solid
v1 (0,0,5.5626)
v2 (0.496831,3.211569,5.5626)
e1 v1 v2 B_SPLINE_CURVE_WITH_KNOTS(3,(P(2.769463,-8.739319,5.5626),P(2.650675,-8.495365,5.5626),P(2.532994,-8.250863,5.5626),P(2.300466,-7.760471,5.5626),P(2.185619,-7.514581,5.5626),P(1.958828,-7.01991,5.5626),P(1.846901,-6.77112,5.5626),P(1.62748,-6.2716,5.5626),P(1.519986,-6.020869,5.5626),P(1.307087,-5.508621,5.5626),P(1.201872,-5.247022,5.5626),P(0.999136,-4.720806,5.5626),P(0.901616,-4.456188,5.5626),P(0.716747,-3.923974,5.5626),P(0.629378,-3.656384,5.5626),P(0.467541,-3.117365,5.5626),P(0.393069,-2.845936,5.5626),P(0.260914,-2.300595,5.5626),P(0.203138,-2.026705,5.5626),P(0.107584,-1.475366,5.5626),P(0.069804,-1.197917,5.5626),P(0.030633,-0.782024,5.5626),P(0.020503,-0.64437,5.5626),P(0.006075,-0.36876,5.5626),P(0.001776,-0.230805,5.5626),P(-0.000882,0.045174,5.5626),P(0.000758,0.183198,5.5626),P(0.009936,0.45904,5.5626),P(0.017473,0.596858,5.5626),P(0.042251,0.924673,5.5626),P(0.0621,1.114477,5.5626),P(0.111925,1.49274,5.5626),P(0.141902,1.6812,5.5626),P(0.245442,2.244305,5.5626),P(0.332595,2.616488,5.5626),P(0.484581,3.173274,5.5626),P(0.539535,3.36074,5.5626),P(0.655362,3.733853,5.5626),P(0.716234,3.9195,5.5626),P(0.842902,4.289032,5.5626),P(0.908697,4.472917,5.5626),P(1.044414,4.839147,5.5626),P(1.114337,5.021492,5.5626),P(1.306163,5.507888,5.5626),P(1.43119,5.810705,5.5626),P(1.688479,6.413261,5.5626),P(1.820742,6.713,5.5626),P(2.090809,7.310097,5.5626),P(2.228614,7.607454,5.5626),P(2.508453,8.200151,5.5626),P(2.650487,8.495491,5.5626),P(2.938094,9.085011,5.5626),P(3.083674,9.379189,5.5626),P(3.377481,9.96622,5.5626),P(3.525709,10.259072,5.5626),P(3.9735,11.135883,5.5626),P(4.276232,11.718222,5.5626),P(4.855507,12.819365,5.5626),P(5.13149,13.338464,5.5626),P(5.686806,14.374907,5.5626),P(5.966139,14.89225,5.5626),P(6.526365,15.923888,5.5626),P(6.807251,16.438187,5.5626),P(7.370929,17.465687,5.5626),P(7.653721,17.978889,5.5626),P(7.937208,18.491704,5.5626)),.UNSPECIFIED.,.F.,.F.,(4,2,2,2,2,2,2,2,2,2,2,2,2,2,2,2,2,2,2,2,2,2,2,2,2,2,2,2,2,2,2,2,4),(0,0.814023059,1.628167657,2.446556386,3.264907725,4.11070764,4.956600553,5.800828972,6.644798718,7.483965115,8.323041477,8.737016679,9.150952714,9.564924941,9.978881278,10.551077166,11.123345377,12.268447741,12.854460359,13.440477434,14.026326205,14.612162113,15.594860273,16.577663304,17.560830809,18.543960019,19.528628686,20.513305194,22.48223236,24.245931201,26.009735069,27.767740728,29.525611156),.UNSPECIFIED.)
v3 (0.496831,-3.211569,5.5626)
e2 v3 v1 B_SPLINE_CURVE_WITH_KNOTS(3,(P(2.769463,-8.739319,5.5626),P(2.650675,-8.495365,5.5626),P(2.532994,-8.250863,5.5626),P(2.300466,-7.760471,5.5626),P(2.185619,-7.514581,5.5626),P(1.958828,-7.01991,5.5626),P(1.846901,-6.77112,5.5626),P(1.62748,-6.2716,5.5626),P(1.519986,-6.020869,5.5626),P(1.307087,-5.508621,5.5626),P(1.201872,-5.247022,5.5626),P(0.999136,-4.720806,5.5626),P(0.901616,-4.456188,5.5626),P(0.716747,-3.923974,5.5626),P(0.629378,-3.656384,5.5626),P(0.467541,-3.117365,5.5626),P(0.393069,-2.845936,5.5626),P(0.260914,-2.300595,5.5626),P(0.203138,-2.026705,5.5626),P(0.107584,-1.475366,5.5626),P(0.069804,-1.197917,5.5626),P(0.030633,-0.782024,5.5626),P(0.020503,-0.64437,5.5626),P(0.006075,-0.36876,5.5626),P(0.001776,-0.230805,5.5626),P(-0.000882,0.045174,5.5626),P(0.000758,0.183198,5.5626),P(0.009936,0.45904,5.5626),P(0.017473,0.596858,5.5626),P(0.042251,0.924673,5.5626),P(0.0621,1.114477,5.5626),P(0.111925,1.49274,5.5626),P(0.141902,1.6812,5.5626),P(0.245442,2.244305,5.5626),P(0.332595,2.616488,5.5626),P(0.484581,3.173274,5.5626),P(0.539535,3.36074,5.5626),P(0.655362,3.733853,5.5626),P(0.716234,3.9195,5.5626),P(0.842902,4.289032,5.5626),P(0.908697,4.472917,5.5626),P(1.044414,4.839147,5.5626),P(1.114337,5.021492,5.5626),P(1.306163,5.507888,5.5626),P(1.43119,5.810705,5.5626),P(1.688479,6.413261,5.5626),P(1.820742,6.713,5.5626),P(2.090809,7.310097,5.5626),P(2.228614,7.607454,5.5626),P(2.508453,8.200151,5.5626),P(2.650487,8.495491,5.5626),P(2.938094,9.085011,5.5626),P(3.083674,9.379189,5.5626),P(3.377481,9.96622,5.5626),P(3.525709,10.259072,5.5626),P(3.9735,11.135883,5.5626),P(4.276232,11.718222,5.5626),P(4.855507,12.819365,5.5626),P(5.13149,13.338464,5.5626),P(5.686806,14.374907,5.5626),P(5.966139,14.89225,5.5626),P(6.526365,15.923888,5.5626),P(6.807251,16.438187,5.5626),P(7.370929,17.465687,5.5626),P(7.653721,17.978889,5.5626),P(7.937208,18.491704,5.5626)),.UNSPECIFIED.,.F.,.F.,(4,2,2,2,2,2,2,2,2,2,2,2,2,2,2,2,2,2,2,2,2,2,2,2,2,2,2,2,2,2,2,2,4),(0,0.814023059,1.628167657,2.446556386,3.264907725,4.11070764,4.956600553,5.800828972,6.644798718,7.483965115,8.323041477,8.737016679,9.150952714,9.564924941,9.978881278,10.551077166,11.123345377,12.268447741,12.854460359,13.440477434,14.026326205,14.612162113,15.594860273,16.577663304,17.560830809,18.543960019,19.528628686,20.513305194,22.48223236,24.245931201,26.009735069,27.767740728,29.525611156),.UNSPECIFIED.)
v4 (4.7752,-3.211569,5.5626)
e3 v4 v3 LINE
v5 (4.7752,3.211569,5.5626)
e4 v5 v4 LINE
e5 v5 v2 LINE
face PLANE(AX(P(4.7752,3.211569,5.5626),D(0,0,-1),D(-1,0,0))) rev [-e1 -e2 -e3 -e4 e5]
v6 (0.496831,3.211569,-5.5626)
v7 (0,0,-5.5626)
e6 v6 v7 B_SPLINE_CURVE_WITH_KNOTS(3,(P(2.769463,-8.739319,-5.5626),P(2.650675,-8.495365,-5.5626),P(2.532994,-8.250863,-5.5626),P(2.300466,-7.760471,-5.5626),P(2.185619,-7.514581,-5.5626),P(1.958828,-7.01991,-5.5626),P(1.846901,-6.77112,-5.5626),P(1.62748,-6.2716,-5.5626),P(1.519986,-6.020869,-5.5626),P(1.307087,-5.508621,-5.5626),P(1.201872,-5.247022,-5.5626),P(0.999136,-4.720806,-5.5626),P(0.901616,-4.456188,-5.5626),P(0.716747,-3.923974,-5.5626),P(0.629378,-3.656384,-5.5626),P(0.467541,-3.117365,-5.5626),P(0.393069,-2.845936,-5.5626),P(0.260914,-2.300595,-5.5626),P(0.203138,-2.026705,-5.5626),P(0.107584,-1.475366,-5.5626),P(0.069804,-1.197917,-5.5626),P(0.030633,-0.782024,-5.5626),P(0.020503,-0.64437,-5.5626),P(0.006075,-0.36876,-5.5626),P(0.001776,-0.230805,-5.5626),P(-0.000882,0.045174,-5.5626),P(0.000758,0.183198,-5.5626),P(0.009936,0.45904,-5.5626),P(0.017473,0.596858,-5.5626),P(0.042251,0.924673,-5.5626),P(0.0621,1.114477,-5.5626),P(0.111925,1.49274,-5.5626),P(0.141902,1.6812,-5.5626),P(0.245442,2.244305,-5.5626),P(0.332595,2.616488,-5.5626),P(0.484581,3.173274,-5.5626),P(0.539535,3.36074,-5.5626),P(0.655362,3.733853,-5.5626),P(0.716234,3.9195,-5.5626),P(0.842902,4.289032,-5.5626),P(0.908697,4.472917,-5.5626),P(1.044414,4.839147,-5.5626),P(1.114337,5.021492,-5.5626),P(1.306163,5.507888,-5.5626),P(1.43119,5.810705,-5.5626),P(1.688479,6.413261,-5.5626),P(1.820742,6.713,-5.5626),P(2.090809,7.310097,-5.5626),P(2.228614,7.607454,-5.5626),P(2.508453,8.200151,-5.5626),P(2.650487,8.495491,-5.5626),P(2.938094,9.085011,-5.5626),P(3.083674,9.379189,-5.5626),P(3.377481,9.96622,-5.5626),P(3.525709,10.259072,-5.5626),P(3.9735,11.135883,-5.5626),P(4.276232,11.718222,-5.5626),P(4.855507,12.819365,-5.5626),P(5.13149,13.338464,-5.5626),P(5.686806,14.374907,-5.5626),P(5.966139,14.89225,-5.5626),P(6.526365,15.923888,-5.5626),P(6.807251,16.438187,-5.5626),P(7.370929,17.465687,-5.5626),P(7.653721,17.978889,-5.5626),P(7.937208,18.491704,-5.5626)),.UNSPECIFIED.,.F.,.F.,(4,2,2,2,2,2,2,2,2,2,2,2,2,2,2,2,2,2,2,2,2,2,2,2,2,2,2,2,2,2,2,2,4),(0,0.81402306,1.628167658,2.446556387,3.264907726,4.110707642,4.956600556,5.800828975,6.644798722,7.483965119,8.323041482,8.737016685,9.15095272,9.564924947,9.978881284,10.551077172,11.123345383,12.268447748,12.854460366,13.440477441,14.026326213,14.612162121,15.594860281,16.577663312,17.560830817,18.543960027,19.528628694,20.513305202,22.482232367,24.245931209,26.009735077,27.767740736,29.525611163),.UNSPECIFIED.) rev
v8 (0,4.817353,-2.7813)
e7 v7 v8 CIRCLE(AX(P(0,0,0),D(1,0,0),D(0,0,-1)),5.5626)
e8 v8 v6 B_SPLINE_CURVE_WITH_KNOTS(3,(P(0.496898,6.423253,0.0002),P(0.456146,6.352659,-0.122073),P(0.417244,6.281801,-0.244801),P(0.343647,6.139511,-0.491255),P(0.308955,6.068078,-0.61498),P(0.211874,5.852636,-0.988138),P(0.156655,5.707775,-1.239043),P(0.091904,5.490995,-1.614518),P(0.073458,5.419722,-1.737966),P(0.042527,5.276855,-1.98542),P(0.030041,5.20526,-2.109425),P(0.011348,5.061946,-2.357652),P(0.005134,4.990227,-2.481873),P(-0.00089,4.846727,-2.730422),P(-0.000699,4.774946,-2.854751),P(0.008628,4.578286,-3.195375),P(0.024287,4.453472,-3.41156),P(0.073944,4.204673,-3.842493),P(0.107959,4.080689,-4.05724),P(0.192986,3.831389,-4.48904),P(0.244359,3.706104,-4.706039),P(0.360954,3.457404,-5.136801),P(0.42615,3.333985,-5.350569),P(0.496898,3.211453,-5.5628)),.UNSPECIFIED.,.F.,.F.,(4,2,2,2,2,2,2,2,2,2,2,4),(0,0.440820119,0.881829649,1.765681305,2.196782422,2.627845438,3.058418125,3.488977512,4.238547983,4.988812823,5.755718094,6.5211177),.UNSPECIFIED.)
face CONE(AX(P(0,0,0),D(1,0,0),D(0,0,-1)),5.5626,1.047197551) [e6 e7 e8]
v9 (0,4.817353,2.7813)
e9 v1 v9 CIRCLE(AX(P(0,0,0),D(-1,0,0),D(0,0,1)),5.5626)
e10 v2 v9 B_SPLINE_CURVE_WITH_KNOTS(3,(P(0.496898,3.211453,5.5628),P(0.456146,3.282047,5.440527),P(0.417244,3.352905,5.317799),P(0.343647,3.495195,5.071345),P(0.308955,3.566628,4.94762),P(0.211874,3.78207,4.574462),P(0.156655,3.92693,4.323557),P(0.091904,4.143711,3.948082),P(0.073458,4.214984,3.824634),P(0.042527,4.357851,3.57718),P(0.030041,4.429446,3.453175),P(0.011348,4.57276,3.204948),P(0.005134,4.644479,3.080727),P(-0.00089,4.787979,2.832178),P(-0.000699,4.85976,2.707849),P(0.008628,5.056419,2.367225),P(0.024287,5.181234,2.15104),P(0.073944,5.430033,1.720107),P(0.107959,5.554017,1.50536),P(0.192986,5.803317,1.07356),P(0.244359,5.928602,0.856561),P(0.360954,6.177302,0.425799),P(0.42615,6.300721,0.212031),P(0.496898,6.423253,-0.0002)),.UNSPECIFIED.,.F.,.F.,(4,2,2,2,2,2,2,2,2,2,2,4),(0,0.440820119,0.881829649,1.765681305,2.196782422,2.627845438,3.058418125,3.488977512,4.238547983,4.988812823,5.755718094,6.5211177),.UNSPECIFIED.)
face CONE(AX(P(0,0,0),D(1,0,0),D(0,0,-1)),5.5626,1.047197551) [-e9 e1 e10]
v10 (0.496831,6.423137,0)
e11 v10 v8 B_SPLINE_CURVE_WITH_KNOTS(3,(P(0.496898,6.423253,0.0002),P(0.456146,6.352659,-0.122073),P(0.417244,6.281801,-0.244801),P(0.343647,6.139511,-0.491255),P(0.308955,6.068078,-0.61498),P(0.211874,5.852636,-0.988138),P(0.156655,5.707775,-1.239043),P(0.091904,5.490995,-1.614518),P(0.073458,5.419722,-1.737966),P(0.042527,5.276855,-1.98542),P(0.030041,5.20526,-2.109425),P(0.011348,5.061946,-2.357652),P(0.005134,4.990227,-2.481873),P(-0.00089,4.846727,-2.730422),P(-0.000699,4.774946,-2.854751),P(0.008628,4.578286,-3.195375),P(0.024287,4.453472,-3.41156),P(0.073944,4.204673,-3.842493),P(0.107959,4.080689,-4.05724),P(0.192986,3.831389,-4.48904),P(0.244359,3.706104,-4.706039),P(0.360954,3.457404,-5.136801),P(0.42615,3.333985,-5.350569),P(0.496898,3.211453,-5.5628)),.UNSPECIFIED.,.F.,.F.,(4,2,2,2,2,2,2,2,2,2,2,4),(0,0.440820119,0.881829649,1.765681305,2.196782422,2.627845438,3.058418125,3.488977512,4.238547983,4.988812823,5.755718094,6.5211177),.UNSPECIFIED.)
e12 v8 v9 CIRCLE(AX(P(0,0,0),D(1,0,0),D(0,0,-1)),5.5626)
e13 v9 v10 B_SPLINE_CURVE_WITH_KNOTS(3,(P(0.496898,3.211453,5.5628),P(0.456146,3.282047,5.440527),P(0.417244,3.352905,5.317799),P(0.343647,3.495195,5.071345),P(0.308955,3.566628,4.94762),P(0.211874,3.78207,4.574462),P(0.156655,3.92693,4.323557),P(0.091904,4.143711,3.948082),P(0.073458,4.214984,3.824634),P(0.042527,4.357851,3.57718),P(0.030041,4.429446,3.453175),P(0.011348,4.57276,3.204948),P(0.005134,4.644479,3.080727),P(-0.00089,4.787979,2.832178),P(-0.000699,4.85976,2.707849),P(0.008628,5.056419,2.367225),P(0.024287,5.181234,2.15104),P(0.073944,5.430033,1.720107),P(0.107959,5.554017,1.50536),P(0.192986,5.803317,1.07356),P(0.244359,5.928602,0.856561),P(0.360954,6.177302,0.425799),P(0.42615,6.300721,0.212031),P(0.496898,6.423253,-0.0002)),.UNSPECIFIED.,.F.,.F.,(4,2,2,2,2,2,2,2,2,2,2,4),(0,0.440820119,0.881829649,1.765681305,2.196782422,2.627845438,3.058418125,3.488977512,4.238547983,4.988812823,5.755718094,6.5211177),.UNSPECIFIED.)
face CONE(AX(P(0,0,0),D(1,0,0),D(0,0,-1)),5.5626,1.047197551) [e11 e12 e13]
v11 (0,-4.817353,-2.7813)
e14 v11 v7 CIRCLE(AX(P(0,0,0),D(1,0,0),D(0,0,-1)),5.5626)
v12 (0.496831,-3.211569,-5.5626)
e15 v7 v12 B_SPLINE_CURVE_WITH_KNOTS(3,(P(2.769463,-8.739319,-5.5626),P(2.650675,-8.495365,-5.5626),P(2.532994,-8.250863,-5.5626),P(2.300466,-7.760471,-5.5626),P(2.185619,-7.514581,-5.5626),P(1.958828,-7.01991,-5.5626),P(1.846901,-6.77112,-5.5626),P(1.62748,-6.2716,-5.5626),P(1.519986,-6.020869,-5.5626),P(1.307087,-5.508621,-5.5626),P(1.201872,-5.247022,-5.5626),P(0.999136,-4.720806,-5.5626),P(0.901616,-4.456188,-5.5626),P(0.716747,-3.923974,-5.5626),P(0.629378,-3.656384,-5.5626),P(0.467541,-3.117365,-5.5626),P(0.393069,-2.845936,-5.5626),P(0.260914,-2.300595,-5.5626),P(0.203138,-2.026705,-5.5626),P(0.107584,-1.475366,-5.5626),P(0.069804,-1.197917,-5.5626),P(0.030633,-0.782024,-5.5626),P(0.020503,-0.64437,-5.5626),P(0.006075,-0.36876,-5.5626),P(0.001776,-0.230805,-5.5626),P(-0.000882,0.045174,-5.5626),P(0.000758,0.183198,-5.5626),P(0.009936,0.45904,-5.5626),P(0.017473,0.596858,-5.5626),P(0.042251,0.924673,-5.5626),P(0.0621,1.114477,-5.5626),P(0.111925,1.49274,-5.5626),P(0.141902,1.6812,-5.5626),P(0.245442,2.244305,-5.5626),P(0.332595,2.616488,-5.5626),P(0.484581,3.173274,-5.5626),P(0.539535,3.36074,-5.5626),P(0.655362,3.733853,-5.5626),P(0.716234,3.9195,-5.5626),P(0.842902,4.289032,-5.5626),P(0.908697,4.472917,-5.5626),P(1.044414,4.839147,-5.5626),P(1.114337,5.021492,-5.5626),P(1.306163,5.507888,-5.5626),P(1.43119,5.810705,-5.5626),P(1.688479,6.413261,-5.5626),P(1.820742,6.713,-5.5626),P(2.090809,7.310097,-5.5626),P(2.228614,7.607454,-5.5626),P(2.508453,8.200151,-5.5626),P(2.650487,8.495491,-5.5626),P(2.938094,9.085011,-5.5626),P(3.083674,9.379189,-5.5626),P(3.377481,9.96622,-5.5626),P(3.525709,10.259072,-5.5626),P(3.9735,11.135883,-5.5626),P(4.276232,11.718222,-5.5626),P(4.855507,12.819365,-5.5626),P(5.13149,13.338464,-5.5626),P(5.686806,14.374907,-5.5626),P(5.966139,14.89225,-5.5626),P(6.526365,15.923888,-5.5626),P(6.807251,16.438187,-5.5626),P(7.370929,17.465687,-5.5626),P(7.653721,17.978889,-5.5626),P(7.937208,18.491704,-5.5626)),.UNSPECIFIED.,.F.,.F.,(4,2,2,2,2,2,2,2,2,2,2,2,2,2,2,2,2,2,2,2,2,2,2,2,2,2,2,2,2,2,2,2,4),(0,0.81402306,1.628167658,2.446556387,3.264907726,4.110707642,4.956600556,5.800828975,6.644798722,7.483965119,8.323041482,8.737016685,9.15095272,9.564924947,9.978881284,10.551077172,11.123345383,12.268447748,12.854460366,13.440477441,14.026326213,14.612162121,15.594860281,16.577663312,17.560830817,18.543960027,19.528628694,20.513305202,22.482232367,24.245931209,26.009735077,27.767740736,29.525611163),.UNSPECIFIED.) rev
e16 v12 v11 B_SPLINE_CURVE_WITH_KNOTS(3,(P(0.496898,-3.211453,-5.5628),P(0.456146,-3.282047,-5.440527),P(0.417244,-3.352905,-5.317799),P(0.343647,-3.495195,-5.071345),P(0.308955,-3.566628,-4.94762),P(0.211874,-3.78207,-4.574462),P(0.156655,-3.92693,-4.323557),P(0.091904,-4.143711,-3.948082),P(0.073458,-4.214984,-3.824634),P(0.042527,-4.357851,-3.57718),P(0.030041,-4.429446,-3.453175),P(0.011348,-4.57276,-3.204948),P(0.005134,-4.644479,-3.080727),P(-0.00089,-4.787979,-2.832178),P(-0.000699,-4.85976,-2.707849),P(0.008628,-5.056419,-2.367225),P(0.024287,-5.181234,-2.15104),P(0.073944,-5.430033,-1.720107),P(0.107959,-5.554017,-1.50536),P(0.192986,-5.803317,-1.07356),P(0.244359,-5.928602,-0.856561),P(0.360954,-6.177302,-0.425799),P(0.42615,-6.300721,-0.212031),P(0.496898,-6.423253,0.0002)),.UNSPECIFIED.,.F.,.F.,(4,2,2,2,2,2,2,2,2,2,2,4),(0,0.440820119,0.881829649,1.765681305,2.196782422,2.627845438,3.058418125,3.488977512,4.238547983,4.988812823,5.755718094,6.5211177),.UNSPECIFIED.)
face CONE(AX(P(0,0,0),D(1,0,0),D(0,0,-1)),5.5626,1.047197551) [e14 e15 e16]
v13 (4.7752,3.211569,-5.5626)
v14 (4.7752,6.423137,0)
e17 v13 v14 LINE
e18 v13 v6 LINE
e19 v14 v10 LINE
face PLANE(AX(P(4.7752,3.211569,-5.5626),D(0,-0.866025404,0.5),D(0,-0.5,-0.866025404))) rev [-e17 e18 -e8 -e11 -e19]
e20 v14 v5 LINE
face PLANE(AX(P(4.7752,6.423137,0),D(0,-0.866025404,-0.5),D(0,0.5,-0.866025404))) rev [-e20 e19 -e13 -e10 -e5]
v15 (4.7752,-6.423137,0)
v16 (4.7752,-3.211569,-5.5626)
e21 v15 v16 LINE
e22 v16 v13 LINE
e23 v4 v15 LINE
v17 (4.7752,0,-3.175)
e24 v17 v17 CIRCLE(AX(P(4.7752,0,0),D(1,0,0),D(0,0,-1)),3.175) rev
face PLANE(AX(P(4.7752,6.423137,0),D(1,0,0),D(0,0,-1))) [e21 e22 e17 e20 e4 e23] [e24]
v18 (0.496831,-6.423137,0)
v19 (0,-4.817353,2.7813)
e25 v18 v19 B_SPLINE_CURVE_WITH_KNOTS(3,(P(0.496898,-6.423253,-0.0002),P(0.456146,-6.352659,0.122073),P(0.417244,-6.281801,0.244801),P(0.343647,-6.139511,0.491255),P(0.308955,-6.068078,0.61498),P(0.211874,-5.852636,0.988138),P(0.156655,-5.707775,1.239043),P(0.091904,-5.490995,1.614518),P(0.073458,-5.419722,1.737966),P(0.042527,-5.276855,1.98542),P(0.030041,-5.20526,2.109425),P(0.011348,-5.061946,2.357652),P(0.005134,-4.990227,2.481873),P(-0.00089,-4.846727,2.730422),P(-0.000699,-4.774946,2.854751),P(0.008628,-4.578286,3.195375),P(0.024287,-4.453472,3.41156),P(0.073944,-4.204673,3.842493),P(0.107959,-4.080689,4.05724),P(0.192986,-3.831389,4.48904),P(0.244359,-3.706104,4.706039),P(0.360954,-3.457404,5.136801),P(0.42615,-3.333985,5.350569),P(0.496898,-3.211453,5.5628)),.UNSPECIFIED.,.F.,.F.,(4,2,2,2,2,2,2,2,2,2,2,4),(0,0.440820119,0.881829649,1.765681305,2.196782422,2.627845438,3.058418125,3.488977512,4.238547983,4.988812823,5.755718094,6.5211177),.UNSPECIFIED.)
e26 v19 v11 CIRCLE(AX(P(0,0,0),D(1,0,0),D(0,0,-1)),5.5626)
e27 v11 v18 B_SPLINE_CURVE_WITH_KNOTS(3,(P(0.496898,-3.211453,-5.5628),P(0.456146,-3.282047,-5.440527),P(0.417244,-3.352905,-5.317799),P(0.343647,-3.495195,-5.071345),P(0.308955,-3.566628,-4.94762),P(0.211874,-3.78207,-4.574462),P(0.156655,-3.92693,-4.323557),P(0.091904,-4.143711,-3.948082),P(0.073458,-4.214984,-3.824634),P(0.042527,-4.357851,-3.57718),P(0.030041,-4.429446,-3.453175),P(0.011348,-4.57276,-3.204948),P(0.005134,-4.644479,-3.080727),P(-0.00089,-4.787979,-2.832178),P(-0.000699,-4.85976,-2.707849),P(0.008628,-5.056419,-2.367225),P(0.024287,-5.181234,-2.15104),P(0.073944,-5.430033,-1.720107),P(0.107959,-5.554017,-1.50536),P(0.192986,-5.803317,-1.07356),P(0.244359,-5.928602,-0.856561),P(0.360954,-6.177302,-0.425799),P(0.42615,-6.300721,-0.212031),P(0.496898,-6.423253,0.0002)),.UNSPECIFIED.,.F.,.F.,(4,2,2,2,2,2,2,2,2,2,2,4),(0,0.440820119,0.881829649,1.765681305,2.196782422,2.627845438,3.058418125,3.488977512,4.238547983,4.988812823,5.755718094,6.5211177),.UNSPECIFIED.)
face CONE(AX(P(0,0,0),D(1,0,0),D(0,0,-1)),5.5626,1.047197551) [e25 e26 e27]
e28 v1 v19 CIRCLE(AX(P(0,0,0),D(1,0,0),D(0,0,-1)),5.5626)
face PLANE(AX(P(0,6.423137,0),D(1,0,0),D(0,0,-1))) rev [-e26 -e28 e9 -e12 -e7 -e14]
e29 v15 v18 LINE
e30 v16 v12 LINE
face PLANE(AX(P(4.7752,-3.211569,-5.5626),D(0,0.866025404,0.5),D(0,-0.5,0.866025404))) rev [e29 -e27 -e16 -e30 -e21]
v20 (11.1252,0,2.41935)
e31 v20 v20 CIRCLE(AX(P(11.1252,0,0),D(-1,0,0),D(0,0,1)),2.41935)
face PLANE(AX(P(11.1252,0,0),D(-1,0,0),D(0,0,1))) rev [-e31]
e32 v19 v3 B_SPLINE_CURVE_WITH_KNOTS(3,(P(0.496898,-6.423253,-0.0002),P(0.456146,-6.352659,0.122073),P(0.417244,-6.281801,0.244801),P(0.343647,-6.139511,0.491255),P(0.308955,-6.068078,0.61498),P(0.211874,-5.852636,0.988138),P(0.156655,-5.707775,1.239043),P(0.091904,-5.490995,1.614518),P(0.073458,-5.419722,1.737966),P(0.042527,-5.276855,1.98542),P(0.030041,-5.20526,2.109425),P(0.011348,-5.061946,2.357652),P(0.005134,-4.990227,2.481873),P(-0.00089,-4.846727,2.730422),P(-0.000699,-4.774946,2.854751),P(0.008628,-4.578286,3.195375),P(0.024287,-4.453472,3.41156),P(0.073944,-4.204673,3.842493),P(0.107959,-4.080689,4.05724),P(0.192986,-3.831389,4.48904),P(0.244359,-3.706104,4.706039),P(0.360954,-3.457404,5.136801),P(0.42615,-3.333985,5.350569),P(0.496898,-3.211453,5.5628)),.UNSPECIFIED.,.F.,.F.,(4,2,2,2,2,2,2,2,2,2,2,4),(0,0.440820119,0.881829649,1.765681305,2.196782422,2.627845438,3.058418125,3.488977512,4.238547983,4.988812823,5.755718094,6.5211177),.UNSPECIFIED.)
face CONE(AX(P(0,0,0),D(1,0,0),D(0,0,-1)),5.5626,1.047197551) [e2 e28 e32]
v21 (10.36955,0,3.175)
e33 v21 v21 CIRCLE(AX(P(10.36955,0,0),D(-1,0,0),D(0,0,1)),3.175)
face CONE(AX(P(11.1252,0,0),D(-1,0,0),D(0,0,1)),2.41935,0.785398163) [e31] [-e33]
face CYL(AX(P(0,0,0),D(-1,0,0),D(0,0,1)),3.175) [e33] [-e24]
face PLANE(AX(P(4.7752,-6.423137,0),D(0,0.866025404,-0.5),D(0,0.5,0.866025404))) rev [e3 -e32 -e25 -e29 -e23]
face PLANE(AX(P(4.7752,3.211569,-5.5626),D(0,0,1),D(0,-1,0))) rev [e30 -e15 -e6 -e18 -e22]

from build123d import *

# Parameters (mm, degrees)
BASEHEAD_DEPTH = 4.7752


with BuildPart() as part:
    # Sketch1 → BaseHead (new body)
    with BuildSketch(Plane(origin=(0, 0, 0), x_dir=(0, 0, -1), z_dir=(1, 0, 0))):
        Polygon((5.5626, 3.211568607), (5.5626, -3.211568607), (0, -6.423137215), (-5.5626, -3.211568607), (-5.5626, 3.211568607), (0, 6.423137215), align=None)
    extrude(amount=BASEHEAD_DEPTH)

    # BodySke → BaseBody (revolve)
    with BuildSketch(Plane.XY):
        Polygon((0, 0), (11.1252, 0), (11.1252, 2.41935), (10.36955, 3.175), (0, 3.175), align=None)
    revolve(axis=Axis((0, 0, 0), (1, 0, 0)))

    # Sketch3 → HeadChamfer (revolve, cut)
    with BuildSketch(Plane.XY):
        Polygon((0, 5.5626), (4.163005602, 12.773137215), (4.163005602, 19.123137215), (-12.7, 19.123137215), (-12.7, 5.5626), align=None)
    revolve(axis=Axis((0, 0, 0), (1, 0, 0)), mode=Mode.SUBTRACT)


solid = part.part
